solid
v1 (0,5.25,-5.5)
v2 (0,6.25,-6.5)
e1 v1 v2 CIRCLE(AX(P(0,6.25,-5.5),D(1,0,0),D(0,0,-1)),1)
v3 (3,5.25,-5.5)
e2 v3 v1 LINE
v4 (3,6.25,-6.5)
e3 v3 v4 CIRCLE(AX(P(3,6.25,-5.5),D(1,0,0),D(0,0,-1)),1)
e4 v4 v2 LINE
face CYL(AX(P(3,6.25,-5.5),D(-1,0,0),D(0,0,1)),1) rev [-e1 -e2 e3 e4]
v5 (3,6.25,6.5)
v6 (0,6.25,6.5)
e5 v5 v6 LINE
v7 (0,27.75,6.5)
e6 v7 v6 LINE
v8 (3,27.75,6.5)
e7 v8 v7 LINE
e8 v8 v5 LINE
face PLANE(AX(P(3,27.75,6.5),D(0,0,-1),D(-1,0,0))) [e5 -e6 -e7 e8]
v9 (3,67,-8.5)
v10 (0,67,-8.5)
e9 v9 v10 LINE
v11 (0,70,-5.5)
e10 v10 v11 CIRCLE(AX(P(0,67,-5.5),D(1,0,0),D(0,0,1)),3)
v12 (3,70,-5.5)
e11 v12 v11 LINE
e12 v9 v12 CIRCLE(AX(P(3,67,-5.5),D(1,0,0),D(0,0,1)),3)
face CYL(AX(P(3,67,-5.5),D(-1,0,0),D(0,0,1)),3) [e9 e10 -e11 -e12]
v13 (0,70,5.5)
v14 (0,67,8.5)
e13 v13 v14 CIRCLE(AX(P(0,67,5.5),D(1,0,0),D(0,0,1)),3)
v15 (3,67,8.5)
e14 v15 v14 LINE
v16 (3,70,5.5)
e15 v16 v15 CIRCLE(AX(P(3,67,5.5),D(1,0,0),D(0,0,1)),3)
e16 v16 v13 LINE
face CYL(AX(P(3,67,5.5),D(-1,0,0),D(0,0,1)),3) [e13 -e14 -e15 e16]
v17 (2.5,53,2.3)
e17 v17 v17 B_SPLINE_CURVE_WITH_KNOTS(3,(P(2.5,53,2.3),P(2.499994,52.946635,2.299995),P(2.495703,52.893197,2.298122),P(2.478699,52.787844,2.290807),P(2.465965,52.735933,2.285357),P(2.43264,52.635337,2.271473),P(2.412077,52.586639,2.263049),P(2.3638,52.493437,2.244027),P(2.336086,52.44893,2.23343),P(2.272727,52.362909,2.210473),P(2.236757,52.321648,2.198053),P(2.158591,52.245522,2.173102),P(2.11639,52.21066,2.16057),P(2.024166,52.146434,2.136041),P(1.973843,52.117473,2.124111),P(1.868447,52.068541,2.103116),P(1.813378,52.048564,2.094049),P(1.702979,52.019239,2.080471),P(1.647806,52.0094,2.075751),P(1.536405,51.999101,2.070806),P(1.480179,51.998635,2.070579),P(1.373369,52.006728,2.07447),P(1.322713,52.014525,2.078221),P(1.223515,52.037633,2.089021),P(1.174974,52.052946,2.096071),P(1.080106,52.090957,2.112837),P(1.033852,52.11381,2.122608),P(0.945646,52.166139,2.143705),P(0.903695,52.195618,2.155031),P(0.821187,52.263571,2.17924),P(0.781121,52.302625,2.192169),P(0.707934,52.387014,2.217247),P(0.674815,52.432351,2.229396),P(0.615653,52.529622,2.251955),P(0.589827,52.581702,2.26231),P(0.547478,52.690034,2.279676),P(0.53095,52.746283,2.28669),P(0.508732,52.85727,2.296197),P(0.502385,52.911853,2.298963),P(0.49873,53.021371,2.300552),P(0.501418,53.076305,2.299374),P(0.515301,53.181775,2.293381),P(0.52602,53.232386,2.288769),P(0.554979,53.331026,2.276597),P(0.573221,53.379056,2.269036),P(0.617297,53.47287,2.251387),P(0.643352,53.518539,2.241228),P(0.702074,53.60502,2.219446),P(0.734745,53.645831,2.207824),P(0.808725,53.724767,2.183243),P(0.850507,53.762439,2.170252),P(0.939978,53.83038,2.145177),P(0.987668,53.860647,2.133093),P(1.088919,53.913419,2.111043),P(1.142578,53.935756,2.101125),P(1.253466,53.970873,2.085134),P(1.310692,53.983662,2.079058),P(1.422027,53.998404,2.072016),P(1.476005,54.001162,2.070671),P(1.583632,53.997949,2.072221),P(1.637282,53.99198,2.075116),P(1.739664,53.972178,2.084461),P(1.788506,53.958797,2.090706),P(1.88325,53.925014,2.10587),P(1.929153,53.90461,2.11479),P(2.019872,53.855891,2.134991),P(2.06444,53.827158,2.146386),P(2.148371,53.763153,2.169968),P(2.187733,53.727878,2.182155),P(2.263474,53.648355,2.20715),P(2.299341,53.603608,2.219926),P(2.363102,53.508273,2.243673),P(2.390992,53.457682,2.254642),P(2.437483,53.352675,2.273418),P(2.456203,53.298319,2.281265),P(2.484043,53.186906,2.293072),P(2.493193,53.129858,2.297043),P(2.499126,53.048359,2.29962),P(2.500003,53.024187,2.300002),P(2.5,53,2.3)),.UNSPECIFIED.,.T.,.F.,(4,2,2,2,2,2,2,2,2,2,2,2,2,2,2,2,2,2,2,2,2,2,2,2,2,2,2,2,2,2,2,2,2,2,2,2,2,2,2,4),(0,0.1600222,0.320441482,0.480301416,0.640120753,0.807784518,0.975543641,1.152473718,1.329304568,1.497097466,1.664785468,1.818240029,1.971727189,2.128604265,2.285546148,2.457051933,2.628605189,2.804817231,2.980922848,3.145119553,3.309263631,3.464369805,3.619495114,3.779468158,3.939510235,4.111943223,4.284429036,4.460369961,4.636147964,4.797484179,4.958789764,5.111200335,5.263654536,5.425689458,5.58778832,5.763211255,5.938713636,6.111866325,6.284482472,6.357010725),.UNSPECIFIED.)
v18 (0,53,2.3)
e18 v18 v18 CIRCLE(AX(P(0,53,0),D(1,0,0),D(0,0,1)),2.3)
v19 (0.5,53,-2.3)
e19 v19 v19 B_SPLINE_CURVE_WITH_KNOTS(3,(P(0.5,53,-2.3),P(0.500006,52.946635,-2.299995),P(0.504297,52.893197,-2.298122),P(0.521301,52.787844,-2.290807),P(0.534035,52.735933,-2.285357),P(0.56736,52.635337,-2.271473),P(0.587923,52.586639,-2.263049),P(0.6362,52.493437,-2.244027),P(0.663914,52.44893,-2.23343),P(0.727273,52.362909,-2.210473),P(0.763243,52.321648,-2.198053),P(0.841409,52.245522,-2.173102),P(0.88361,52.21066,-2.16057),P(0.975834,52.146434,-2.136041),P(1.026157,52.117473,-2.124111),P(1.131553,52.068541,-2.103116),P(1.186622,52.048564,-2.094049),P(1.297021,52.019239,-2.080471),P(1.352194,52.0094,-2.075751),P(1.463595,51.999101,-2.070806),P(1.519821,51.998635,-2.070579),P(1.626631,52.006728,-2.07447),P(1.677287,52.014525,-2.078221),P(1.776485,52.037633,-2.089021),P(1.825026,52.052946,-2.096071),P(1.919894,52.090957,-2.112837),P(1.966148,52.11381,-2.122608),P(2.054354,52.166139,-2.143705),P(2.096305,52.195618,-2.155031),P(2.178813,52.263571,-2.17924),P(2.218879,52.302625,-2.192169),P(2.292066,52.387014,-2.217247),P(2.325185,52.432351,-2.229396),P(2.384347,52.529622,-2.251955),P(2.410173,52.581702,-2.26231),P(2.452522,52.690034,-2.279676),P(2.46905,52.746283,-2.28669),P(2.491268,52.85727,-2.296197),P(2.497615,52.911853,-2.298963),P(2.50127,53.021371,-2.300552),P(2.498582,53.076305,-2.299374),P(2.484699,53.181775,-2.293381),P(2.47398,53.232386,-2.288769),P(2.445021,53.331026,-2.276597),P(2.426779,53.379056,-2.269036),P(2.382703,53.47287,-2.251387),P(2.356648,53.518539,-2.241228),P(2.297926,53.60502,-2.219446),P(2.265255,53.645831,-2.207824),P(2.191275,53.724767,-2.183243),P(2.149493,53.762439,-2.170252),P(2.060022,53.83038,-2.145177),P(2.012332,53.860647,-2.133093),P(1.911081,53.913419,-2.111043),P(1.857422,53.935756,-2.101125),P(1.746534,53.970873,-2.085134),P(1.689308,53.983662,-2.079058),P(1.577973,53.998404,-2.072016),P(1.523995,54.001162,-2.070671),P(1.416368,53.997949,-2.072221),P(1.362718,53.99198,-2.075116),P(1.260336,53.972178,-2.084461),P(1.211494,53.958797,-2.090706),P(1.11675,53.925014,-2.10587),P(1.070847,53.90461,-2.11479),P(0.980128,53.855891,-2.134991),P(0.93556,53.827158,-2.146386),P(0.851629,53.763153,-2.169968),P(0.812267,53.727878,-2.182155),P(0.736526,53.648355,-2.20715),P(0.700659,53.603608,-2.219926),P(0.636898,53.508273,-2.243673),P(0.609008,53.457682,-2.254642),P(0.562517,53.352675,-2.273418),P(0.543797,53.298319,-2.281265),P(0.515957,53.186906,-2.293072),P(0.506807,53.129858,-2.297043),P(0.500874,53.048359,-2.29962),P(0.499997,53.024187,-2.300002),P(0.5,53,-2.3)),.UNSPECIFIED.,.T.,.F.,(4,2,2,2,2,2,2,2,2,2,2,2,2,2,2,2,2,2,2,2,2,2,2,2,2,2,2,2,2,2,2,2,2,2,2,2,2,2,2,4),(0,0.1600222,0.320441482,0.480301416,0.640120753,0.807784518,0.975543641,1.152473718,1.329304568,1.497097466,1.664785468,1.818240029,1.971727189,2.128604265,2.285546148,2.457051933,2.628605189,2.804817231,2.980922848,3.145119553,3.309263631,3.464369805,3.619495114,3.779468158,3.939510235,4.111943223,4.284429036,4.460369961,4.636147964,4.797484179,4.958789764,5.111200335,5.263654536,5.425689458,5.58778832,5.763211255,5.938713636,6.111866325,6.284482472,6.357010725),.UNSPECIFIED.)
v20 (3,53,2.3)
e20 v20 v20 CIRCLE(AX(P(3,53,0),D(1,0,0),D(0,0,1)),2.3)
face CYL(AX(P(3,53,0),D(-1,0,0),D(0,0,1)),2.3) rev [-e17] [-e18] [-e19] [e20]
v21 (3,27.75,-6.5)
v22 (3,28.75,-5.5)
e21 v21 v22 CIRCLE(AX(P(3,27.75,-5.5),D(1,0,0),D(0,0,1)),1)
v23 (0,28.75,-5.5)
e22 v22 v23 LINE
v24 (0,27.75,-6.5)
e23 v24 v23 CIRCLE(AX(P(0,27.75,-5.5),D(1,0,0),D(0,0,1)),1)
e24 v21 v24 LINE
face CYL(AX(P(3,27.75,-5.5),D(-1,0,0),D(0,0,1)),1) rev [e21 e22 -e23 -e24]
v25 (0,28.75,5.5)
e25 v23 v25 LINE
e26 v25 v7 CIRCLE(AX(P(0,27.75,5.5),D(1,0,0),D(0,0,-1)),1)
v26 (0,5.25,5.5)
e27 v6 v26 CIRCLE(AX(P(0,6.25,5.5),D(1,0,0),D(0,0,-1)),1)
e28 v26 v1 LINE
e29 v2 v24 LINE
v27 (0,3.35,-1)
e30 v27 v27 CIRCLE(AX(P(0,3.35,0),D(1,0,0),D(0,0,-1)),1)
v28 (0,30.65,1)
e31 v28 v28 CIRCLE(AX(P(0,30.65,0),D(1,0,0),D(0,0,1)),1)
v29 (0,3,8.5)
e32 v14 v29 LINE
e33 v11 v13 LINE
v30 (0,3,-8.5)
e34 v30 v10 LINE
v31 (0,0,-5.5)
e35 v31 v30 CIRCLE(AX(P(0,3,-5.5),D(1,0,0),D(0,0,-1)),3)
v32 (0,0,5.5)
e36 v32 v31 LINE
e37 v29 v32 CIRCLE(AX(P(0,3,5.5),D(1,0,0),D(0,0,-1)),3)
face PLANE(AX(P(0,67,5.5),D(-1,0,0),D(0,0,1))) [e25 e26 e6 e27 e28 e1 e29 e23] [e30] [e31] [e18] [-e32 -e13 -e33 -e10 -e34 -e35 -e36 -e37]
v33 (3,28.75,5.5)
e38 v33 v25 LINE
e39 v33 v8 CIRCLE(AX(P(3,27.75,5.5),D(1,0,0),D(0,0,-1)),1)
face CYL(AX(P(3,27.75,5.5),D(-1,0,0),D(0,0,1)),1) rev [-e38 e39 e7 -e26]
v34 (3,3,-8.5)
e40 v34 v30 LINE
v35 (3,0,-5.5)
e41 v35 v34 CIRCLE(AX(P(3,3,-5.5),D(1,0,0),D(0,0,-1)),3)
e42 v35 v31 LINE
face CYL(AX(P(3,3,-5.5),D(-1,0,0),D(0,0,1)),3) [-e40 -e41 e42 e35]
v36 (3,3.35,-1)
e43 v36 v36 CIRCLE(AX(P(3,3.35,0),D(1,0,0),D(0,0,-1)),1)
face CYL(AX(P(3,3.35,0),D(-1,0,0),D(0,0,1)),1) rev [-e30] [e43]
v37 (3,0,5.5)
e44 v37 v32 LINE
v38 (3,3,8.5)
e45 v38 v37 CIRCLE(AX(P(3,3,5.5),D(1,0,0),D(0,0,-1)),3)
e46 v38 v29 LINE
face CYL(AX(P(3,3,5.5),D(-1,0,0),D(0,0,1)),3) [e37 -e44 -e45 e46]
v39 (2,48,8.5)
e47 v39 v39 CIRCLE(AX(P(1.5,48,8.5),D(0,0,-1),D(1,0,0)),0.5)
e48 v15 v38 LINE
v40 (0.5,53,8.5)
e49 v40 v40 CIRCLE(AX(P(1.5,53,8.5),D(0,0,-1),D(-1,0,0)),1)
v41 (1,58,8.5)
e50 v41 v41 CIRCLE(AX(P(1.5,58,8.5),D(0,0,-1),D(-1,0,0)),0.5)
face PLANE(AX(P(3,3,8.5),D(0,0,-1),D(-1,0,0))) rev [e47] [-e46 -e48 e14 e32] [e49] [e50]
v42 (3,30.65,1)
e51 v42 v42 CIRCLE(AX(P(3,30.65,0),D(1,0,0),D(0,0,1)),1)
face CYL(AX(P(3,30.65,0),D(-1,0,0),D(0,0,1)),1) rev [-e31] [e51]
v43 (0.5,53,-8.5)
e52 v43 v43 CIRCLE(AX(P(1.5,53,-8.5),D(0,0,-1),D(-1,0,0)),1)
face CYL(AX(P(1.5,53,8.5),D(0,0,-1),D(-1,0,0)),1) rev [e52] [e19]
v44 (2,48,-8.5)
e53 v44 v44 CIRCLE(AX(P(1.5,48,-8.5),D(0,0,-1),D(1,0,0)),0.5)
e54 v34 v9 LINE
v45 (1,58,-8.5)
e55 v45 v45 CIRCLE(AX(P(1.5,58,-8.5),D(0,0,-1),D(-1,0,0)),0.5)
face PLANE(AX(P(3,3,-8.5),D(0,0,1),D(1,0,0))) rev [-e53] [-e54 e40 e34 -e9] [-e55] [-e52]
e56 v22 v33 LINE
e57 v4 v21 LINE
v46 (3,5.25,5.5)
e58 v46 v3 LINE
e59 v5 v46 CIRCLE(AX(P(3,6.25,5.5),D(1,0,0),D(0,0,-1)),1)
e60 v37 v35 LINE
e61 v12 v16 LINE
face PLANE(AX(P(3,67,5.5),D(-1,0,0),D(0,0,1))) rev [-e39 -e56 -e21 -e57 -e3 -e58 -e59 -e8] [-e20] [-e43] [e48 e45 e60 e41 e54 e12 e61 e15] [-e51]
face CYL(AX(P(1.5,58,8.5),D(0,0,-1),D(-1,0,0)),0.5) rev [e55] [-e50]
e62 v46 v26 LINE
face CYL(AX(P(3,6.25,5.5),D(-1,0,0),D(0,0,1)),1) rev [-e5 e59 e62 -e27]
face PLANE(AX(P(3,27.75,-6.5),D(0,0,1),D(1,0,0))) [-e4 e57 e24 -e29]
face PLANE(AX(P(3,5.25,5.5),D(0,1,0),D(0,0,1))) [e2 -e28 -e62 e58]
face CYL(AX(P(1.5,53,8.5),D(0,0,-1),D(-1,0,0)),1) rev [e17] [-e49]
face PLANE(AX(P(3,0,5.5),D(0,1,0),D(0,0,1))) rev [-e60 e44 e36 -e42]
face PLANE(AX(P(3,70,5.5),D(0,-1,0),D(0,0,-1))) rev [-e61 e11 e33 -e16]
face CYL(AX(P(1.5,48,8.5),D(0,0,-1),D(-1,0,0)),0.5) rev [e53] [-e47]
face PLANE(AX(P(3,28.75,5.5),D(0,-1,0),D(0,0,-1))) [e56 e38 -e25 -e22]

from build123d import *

# Parameters (mm, degrees)
SKETCH1_R           = 1
SKETCH1_R_2         = 2.3
BOSS_EXTRUDE1_DEPTH = 3
SKETCH2_R           = 0.5
SKETCH2_R_2         = 1
CUT_EXTRUDE1_DEPTH  = 73.097156671


with BuildPart() as part:
    # Sketch1 → Boss-Extrude1 (new body)
    with BuildSketch(Plane(origin=(0, 0, 0), x_dir=(0, 0, -1), z_dir=(1, 0, 0))):
        with BuildLine():
            Line((-5.5, 0), (5.5, 0))
            ThreePointArc((5.5, 0), (7.621320344, 0.878679656), (8.5, 3))
            Line((8.5, 3), (8.5, 67))
            ThreePointArc((8.5, 67), (7.621320344, 69.121320344), (5.5, 70))
            Line((5.5, 70), (-5.5, 70))
            ThreePointArc((-5.5, 70), (-7.621320344, 69.121320344), (-8.5, 67))
            Line((-8.5, 67), (-8.5, 3))
            ThreePointArc((-8.5, 3), (-7.621320344, 0.878679656), (-5.5, 0))
        make_face()
        with Locations((0, 3.35)):
            Circle(SKETCH1_R, mode=Mode.SUBTRACT)
        with Locations(Location((0, 30.65, 0), (0, 0, 180))):
            Circle(SKETCH1_R, mode=Mode.SUBTRACT)
        with Locations(Location((0, 53, 0), (0, 0, 180))):
            Circle(SKETCH1_R_2, mode=Mode.SUBTRACT)
        with BuildLine():
            Line((-6.5, 27.75), (-6.5, 6.25))
            ThreePointArc((-6.5, 6.25), (-6.207106781, 5.542893219), (-5.5, 5.25))
            Line((-5.5, 5.25), (5.5, 5.25))
            ThreePointArc((5.5, 5.25), (6.207106781, 5.542893219), (6.5, 6.25))
            Line((6.5, 6.25), (6.5, 27.75))
            ThreePointArc((6.5, 27.75), (6.207106781, 28.457106781), (5.5, 28.75))
            Line((5.5, 28.75), (-5.5, 28.75))
            ThreePointArc((-5.5, 28.75), (-6.207106781, 28.457106781), (-6.5, 27.75))
        make_face(mode=Mode.SUBTRACT)
    extrude(amount=BOSS_EXTRUDE1_DEPTH)

    # Sketch2 → Cut-Extrude1 (cut, through all)
    with BuildSketch(Plane(origin=(0, 0, -8.5), x_dir=(-1, 0, 0), z_dir=(0, 0, -1))):
        with Locations((-1.5, 58)):
            Circle(SKETCH2_R)
        with Locations(Location((-1.5, 48, 0), (0, 0, 180))):
            Circle(SKETCH2_R)
        with Locations((-1.5, 53)):
            Circle(SKETCH2_R_2)
    extrude(amount=-CUT_EXTRUDE1_DEPTH, mode=Mode.SUBTRACT)


solid = part.part
